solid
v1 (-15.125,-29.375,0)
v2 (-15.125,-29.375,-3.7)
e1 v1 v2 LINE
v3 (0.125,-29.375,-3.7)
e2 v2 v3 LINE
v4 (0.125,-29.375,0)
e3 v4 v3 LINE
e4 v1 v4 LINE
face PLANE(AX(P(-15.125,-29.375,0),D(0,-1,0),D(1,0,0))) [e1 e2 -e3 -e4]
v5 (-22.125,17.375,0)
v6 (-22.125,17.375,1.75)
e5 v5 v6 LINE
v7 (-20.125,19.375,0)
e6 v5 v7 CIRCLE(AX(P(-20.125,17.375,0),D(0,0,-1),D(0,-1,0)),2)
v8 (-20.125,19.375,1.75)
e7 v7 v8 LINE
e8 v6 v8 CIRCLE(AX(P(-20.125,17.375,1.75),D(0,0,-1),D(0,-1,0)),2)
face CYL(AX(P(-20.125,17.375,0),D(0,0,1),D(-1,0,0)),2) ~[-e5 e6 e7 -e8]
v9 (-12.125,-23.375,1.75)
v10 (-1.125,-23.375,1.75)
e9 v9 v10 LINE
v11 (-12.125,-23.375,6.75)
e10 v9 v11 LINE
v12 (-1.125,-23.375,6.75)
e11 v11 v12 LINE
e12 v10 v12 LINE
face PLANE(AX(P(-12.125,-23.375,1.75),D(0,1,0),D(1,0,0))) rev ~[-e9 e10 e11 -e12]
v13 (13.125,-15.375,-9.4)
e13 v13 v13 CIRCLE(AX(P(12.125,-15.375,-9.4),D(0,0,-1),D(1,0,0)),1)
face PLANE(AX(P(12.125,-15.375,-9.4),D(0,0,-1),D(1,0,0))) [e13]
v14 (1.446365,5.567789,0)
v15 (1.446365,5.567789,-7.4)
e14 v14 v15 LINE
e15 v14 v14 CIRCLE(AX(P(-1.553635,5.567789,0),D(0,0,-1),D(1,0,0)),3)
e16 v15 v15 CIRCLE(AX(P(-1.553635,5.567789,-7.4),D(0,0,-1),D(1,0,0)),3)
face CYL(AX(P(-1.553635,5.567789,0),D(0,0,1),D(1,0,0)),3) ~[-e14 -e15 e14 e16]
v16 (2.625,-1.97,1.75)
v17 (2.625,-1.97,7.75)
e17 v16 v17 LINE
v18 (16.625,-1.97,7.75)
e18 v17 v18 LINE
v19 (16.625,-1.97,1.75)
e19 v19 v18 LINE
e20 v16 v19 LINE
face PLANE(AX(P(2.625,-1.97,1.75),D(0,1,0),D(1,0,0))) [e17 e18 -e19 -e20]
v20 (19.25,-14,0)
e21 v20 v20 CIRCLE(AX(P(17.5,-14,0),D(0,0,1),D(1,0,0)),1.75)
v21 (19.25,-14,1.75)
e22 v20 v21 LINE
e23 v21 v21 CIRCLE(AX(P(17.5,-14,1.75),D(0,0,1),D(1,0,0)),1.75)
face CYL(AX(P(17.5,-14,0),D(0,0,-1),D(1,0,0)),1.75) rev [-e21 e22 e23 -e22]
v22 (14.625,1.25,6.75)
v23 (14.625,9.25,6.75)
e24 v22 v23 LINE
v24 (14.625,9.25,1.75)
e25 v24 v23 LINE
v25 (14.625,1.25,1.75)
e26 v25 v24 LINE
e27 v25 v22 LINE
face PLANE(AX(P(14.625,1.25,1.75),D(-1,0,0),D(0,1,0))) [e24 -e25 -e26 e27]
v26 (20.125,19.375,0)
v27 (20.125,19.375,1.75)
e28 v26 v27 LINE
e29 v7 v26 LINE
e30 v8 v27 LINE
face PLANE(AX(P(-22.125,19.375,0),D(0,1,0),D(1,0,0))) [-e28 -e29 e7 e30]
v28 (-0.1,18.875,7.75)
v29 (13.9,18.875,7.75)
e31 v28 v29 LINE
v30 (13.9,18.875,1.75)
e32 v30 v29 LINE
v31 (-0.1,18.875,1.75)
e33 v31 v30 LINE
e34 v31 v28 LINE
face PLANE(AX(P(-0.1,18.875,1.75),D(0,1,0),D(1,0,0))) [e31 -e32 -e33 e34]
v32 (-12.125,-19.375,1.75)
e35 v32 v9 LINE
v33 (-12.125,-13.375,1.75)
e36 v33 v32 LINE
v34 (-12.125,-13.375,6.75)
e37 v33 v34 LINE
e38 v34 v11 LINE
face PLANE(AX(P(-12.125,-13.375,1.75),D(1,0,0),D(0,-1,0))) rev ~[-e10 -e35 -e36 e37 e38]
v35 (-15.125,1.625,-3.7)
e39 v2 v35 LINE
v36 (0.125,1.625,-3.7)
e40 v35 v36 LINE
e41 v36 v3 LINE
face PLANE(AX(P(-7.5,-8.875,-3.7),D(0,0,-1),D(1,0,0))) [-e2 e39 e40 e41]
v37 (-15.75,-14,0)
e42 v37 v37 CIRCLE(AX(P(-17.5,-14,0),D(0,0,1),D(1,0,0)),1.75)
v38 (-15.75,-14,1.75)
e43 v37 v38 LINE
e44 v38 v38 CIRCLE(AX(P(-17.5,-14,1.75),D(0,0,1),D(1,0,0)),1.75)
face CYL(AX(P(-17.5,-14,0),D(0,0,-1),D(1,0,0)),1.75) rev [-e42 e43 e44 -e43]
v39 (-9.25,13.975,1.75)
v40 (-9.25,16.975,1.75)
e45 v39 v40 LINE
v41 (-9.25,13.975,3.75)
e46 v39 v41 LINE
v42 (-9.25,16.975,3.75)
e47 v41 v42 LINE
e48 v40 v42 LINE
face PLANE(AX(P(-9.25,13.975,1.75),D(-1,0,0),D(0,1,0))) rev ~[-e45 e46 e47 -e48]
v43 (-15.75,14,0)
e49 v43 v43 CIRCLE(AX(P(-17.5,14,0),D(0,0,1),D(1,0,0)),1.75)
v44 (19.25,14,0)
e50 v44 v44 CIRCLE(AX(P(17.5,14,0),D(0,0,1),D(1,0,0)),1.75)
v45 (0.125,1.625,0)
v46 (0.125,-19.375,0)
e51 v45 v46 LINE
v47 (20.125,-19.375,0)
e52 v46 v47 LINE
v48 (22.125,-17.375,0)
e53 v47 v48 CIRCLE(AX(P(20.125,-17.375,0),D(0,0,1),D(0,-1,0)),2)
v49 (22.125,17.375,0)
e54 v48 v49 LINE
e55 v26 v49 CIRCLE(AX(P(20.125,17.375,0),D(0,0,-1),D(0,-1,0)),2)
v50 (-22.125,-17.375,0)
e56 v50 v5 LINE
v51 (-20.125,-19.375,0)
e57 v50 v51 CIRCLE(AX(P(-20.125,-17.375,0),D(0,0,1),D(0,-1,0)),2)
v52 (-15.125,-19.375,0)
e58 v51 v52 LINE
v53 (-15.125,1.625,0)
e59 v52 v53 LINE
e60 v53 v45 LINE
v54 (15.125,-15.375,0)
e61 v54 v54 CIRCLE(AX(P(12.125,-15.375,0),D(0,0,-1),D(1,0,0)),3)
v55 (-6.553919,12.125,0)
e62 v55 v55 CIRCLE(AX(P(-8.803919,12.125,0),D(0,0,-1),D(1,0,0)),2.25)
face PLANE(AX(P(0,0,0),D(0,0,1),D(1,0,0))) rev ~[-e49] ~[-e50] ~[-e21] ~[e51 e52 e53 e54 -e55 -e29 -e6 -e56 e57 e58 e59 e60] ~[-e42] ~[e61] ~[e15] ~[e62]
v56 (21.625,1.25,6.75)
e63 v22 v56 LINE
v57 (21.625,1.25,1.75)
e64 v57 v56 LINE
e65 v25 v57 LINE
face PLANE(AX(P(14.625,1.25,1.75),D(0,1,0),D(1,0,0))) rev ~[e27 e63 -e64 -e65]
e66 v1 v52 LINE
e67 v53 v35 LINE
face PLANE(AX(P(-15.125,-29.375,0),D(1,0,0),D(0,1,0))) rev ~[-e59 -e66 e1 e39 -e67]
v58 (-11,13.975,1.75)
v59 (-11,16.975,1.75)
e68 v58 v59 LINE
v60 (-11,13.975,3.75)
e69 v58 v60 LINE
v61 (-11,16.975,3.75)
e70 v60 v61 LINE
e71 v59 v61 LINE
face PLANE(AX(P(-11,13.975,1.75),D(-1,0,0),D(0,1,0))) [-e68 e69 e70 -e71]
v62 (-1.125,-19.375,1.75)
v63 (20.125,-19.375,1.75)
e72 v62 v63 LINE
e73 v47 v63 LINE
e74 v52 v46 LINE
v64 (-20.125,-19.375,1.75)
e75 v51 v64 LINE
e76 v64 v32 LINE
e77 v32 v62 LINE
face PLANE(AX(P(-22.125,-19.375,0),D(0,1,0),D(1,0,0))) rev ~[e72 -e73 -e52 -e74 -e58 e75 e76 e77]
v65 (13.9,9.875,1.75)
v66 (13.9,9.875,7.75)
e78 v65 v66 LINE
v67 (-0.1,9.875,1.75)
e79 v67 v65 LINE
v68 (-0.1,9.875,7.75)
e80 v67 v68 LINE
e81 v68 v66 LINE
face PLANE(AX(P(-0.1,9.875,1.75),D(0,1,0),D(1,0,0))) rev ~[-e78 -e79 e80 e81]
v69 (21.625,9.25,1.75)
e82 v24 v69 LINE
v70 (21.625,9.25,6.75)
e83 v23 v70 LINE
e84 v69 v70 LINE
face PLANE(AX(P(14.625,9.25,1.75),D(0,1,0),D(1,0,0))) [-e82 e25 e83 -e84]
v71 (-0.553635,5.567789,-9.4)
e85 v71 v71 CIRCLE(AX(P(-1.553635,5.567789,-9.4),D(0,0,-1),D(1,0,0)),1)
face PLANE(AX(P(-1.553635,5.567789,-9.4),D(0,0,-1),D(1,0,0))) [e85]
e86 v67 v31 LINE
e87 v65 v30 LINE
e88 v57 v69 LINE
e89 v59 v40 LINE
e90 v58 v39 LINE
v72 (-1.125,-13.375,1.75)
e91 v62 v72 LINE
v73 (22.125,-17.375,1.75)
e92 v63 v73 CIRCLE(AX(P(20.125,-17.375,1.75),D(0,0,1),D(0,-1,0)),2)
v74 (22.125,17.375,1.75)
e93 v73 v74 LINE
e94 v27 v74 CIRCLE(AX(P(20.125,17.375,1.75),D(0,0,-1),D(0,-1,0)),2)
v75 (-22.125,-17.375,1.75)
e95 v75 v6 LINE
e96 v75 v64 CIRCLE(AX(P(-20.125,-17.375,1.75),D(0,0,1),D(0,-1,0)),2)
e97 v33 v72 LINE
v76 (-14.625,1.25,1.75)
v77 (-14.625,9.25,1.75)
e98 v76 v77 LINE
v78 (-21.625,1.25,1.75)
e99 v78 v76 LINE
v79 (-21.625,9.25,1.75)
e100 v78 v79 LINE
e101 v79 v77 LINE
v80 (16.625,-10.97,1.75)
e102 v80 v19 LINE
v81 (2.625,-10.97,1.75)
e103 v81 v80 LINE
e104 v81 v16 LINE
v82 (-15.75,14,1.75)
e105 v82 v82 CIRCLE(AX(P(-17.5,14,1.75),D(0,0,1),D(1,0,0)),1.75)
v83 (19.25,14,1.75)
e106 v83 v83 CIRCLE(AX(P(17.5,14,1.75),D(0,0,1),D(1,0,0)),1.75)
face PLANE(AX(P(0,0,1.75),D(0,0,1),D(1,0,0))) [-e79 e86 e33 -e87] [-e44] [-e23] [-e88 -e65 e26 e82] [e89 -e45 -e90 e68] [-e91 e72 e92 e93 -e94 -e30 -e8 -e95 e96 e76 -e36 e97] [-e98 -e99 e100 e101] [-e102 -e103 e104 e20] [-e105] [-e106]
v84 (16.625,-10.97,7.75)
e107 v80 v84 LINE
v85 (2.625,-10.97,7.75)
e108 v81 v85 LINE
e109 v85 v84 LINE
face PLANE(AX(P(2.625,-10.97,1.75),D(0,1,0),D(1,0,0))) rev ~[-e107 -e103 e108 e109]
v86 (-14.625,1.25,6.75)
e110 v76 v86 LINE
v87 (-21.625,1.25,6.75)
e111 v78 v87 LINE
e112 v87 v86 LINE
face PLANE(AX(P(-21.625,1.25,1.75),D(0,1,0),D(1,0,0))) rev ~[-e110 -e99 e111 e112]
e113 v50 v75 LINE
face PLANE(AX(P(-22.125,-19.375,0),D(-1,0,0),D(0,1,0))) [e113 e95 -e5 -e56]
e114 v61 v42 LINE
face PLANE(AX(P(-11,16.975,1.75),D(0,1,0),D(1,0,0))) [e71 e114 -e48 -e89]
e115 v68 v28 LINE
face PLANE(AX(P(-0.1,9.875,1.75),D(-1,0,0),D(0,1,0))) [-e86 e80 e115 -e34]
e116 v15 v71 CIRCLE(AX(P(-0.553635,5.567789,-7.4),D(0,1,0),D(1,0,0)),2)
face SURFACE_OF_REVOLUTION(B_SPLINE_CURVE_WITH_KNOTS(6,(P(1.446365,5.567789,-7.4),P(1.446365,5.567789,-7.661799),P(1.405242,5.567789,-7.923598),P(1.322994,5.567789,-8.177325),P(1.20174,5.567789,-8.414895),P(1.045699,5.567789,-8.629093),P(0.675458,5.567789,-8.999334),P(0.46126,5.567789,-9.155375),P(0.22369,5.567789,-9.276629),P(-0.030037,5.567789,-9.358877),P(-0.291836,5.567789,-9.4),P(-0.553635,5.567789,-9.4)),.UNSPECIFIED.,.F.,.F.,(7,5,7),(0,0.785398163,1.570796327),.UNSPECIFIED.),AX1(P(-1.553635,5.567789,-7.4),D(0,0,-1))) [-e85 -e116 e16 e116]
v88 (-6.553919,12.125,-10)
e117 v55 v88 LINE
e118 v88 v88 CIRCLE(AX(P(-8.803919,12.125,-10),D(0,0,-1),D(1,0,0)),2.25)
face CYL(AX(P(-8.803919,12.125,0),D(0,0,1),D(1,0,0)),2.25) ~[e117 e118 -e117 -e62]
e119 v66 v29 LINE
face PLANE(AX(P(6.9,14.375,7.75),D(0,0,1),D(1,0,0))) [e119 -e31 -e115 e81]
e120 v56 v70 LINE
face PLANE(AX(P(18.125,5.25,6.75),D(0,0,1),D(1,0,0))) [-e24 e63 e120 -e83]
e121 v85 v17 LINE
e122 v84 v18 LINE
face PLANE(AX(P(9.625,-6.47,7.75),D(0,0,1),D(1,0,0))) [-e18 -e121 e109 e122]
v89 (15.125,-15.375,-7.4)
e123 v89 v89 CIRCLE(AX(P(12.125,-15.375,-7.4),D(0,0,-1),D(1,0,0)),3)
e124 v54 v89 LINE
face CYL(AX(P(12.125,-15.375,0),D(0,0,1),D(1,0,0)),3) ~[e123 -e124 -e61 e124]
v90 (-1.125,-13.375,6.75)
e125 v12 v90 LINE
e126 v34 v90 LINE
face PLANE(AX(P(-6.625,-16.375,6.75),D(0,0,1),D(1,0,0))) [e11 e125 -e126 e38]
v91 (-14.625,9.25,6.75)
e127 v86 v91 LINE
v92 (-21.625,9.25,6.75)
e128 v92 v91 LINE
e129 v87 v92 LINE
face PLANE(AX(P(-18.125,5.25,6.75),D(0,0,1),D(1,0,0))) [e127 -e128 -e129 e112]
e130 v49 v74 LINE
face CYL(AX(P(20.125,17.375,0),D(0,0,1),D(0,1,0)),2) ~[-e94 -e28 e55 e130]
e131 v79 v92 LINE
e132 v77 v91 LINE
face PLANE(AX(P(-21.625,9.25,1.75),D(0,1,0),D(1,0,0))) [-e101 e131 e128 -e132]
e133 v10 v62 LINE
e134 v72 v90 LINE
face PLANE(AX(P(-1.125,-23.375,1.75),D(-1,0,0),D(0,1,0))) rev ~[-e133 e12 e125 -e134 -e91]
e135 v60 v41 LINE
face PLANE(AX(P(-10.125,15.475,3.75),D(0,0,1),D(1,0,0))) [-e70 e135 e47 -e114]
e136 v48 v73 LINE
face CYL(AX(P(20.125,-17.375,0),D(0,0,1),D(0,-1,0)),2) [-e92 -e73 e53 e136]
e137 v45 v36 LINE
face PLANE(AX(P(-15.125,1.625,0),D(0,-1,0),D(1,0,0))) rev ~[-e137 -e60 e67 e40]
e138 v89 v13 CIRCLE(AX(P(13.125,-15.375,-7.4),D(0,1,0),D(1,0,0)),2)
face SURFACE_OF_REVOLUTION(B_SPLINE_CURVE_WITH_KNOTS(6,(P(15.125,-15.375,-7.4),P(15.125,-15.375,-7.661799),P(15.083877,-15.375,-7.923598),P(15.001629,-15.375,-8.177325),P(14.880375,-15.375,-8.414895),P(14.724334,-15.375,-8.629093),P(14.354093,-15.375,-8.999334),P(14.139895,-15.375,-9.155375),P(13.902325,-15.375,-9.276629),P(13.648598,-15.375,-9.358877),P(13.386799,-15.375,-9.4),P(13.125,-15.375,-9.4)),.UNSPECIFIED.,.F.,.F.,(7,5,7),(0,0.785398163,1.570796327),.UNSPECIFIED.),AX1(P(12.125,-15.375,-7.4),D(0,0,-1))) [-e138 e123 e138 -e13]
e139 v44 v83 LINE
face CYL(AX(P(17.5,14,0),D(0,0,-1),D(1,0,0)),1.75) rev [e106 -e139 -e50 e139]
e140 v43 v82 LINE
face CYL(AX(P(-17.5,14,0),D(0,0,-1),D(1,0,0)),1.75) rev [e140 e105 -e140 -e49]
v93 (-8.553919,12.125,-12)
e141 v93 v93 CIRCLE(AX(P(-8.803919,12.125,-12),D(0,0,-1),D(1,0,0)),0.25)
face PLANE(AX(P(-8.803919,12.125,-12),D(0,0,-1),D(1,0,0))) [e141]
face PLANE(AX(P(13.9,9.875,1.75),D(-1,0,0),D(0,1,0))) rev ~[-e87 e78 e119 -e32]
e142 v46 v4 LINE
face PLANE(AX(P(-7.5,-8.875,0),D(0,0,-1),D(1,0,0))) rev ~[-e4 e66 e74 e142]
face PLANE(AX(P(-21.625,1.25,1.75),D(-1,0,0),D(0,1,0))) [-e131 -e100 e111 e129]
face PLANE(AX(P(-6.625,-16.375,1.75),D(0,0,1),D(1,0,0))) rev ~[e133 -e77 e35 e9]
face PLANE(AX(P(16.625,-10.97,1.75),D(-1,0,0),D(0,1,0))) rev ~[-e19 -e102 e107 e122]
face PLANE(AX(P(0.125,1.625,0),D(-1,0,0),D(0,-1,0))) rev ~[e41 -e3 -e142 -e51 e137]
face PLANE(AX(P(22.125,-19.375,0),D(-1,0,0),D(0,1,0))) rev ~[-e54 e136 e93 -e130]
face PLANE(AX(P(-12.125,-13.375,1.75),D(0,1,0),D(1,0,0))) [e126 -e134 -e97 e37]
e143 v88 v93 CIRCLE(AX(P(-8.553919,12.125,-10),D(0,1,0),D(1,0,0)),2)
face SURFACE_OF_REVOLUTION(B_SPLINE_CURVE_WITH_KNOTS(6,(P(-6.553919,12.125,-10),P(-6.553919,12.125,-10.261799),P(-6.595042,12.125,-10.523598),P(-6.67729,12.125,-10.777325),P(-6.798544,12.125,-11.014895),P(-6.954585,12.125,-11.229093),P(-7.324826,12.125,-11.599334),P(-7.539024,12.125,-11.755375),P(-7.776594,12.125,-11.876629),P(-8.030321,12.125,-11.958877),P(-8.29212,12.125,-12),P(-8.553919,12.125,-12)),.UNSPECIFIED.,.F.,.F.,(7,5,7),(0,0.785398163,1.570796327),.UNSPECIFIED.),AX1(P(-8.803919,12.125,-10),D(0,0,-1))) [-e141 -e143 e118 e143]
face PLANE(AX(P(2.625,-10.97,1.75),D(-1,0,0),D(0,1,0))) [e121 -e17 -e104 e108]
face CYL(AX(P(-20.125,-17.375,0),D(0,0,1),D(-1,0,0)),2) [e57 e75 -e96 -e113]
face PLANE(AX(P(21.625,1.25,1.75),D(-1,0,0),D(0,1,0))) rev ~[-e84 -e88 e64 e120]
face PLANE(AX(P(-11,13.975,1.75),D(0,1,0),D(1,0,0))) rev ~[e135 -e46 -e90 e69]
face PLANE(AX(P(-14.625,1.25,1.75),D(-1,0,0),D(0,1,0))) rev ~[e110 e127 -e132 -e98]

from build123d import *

# Parameters (mm, degrees)
F0_W      = 44.25
F0_H      = 38.75
F0_R      = 1.75
F1_DEPTH  = 1.75
F2_R      = 2
F3_W      = 14
F3_H      = 9
F4_DEPTH  = 6
F3_W_2    = 7
F3_H_2    = 8
F5_DEPTH  = 5
F3_W_3    = 1.75
F3_H_3    = 3
F6_DEPTH  = 2
F3_W_4    = 11
F3_H_4    = 6
F3_H_5    = 4
F7_DEPTH  = 5
F8_R      = 3
F9_DEPTH  = 9.4
F8_R_2    = 2.25
F10_DEPTH = 12
F8_W      = 15.25
F8_H      = 21
F8_H_2    = 10
F11_DEPTH = 3.7
F12_R     = 2
F13_R     = 2


with BuildPart() as f1:
    # F0 (on Top) → F1 (new body)
    with BuildSketch(Plane.XY):
        Rectangle(F0_W, F0_H)
        with Locations((-17.5, -14)):
            Circle(F0_R, mode=Mode.SUBTRACT)
        with Locations((17.5, -14)):
            Circle(F0_R, mode=Mode.SUBTRACT)
        with Locations((-17.5, 14)):
            Circle(F0_R, mode=Mode.SUBTRACT)
        with Locations((17.5, 14)):
            Circle(F0_R, mode=Mode.SUBTRACT)
    extrude(amount=F1_DEPTH)

    # F2
    f2_edges = [f1.edges().sort_by_distance(p)[0] for p in [
        (22.125, -19.375, 0.875),
        (-22.125, -19.375, 0.875),
        (-22.125, 19.375, 0.875),
        (22.125, 19.375, 0.875),
    ]]
    fillet(f2_edges, radius=F2_R)

    # F3 (on face) → F4 (join)
    with BuildSketch(Plane.XY.offset(1.75)):
        with Locations((6.9, 14.375)):
            Rectangle(F3_W, F3_H)
        with Locations((9.625, -6.47)):
            Rectangle(F3_W, F3_H)
    extrude(amount=F4_DEPTH)

    # F3 (on face) → F5 (join)
    with BuildSketch(Plane.XY.offset(1.75)):
        with Locations((-18.125, 5.25)):
            Rectangle(F3_W_2, F3_H_2)
        with Locations((18.125, 5.25)):
            Rectangle(F3_W_2, F3_H_2)
    extrude(amount=F5_DEPTH)

    # F3 (on face) → F6 (join)
    with BuildSketch(Plane.XY.offset(1.75)):
        with Locations((-10.125, 15.475)):
            Rectangle(F3_W_3, F3_H_3)
    extrude(amount=F6_DEPTH)

    # F3 (on face) → F7 (join)
    with BuildSketch(Plane.XY.offset(1.75)):
        with Locations((-6.625, -16.375)):
            Rectangle(F3_W_4, F3_H_4)
        with Locations((-6.625, -21.375)):
            Rectangle(F3_W_4, F3_H_5)
    extrude(amount=F7_DEPTH)

    # F8 (on face) → F9 (join)
    with BuildSketch(Plane(origin=(0, 0, 0), x_dir=(1, 0, 0), z_dir=(0, 0, -1))):
        with Locations((-1.553635, -5.567789)):
            Circle(F8_R)
        with Locations((12.125, 15.375)):
            Circle(F8_R)
    extrude(amount=F9_DEPTH)

    # F8 (on face) → F10 (join)
    with BuildSketch(Plane(origin=(0, 0, 0), x_dir=(1, 0, 0), z_dir=(0, 0, -1))):
        with Locations((-8.803919, -12.125)):
            Circle(F8_R_2)
    extrude(amount=F10_DEPTH)

    # F8 (on face) → F11 (join)
    with BuildSketch(Plane(origin=(0, 0, 0), x_dir=(1, 0, 0), z_dir=(0, 0, -1))):
        with Locations((-7.5, 8.875)):
            Rectangle(F8_W, F8_H)
        with Locations((-7.5, 24.375)):
            Rectangle(F8_W, F8_H_2)
    extrude(amount=F11_DEPTH)

    # F12
    f12_edges = [f1.edges().sort_by_distance(p)[0] for p in [
        (9.125, -15.375, -9.4),
        (-4.553635, 5.567789, -9.4),
    ]]
    fillet(f12_edges, radius=F12_R)

    # F13
    f13_edges = [f1.edges().sort_by_distance(p)[0] for p in [
        (-11.053919, 12.125, -12),
    ]]
    fillet(f13_edges, radius=F13_R)


solid = f1.part
